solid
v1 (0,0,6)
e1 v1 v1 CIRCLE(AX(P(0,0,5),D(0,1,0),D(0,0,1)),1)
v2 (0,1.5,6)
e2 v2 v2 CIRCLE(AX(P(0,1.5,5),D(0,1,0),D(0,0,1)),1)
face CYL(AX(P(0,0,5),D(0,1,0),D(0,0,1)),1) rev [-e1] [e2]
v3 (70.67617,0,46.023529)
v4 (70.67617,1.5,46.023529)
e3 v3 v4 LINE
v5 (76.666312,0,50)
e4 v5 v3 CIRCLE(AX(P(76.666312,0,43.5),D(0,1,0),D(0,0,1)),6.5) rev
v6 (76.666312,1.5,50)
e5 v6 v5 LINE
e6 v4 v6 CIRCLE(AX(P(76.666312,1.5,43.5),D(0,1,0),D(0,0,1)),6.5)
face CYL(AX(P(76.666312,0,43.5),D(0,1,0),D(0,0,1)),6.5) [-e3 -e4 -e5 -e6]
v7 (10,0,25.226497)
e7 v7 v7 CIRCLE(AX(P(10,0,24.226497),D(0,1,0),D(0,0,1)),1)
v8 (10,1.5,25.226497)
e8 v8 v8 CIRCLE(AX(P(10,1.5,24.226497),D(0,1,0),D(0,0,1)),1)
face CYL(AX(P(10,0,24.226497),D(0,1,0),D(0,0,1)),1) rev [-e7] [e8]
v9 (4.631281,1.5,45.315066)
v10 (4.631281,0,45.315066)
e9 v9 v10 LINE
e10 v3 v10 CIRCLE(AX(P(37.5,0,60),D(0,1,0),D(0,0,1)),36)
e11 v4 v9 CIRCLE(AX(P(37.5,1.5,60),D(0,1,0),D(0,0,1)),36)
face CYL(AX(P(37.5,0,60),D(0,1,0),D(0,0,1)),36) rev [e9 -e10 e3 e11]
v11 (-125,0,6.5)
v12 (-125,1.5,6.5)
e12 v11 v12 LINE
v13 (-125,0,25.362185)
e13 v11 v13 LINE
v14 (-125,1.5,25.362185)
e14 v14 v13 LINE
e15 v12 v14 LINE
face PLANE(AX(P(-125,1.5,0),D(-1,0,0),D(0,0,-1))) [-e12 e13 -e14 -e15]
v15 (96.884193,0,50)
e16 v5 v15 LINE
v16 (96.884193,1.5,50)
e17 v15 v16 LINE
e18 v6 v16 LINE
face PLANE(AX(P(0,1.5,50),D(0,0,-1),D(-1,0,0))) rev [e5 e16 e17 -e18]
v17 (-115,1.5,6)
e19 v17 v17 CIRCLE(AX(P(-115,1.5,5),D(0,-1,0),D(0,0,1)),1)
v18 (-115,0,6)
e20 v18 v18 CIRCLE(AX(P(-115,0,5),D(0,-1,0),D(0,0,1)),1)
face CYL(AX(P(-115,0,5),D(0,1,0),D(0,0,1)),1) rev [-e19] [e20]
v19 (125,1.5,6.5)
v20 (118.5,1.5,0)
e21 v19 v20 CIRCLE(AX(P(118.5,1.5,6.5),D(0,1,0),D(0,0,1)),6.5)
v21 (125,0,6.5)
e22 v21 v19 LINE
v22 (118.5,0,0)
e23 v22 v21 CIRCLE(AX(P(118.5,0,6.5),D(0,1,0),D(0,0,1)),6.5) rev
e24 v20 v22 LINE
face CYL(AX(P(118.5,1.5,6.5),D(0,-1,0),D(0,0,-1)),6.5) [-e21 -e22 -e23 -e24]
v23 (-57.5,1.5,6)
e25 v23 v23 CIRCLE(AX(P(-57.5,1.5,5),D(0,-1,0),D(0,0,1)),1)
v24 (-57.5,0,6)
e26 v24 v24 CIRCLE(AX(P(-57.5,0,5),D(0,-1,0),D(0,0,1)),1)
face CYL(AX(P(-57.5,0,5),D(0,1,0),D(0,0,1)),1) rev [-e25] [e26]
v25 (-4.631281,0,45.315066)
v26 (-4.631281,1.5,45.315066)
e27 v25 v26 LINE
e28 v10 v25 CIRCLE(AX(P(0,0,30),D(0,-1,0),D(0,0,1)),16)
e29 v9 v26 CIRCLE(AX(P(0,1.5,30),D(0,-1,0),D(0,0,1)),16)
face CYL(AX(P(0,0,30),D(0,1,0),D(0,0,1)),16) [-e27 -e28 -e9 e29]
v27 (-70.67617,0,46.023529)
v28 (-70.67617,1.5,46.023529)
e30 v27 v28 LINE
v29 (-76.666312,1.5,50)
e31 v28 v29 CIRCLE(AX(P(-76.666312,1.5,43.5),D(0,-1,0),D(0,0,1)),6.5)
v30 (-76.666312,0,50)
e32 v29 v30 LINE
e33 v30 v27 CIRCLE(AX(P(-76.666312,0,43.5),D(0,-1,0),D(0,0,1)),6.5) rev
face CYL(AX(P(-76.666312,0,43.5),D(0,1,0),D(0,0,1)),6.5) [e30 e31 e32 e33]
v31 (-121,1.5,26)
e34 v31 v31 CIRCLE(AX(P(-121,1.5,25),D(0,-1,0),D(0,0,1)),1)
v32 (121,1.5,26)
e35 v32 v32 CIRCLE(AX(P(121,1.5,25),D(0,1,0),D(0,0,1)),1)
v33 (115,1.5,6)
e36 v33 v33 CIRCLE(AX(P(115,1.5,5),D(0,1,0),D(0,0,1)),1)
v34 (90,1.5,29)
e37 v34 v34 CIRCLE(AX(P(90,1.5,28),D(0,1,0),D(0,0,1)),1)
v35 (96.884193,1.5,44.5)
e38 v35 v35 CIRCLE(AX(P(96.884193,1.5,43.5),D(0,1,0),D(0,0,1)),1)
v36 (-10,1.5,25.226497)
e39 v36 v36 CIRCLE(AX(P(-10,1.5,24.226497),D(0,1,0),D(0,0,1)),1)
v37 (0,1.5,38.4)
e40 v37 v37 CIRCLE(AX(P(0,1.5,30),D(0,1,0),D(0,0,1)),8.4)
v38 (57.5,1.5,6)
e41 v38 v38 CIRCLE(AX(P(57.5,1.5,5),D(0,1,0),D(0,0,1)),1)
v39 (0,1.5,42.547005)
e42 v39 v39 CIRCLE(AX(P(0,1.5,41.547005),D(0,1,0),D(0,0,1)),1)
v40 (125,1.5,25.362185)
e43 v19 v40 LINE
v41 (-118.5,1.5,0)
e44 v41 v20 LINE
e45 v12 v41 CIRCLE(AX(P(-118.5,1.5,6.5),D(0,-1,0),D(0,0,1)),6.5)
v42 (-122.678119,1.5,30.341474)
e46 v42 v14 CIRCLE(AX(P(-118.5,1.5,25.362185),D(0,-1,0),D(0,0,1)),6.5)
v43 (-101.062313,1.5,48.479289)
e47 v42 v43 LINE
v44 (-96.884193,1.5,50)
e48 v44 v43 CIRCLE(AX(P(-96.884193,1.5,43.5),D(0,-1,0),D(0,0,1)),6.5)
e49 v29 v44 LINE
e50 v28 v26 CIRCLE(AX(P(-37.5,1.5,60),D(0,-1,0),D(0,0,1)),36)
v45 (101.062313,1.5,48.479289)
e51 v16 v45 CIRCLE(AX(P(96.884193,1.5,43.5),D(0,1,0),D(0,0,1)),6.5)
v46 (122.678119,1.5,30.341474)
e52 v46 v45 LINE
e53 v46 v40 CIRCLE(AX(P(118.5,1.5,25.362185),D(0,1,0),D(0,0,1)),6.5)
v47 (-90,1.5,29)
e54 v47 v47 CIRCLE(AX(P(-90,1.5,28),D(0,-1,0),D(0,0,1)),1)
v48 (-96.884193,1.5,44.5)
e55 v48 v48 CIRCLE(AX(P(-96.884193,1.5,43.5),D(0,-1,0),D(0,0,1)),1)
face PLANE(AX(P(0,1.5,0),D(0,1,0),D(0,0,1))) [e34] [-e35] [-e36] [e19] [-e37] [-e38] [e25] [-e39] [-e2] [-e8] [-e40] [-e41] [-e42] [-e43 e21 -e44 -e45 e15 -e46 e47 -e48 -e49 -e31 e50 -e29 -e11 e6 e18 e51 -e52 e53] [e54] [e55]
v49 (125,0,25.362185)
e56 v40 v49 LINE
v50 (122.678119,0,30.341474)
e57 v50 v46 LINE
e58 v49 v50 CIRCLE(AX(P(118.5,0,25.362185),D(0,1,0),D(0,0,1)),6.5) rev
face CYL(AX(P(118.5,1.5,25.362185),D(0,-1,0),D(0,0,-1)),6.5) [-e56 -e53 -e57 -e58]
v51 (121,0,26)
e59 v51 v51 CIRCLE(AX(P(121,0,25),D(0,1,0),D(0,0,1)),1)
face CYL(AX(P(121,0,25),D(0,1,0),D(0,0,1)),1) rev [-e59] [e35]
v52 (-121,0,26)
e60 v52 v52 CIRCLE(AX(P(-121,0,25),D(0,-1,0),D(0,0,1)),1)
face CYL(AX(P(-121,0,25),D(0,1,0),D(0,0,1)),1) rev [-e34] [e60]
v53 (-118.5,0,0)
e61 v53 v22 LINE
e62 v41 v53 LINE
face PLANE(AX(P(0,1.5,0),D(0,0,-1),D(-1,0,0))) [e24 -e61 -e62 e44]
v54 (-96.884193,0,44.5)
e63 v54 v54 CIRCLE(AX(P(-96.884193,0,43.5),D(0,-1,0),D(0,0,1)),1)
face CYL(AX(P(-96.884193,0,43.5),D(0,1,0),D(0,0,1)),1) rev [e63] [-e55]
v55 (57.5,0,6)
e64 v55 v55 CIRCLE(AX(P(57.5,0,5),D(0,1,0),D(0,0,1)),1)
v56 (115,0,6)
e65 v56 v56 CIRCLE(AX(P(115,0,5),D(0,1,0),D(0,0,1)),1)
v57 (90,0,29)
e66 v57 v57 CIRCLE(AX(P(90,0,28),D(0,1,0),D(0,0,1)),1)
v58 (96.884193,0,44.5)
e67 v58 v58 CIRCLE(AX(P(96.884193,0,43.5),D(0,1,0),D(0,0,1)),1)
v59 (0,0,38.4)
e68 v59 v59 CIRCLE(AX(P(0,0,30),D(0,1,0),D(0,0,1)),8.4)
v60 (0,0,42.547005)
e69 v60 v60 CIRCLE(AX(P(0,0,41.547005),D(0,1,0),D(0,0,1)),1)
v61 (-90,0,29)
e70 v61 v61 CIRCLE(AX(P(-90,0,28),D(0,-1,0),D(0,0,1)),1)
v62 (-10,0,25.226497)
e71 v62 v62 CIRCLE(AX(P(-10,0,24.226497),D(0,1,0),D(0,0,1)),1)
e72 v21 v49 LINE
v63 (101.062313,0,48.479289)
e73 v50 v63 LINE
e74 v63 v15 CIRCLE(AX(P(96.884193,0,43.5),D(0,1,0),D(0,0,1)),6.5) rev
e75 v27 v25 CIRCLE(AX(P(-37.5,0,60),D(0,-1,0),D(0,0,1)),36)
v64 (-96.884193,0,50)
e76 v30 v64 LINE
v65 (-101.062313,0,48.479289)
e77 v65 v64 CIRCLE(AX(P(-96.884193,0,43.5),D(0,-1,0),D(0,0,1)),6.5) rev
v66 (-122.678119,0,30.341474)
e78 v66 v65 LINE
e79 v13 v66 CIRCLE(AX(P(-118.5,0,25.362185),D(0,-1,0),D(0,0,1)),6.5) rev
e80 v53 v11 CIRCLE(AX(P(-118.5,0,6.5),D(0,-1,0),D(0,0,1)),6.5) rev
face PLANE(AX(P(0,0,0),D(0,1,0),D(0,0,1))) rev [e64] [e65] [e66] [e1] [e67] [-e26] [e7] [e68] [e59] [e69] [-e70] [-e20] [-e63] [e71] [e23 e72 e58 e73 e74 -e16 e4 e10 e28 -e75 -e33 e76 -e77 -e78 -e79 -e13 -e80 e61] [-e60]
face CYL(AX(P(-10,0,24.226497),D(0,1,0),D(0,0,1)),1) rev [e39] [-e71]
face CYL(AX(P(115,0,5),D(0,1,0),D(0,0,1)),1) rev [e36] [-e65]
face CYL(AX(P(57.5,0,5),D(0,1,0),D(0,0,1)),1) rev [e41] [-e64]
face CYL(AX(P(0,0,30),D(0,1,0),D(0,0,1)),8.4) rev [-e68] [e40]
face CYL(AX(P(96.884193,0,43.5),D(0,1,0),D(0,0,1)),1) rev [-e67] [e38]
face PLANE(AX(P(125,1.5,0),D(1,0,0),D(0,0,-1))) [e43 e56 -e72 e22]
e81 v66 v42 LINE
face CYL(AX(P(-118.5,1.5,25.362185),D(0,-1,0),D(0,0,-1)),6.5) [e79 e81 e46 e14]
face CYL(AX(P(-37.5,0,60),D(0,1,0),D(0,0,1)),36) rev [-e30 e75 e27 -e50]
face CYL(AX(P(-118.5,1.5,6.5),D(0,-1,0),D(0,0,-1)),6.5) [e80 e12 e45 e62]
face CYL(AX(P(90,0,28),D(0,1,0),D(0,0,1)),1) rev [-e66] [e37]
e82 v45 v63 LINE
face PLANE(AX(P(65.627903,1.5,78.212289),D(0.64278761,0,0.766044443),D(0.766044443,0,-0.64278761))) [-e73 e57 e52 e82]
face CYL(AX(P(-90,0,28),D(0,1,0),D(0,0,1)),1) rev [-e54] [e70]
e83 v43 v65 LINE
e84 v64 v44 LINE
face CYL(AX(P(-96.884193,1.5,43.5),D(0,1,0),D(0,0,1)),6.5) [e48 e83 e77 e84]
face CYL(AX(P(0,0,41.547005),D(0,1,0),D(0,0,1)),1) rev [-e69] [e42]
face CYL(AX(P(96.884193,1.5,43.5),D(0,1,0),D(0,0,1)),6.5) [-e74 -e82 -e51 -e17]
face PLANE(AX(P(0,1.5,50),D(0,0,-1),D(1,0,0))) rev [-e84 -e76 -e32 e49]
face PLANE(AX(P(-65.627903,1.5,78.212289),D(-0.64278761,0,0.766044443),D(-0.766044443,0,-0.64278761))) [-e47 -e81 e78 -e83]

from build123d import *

# Parameters (mm, degrees)
BOSS_EXTRU_1_DEPTH      = 1.5
ESQUISSE2_R             = 1
ENL_V_MAT_EXTRU_1_DEPTH = 135.637476209
ESQUISSE4_R             = 36
ENL_V_MAT_EXTRU_3_DEPTH = 135.637476209
CONG_1_R                = 6.5
ESQUISSE3_R             = 8.4
ESQUISSE3_R_2           = 1
ENL_V_MAT_EXTRU_2_DEPTH = 1.5
ENL_V_MAT_EXTRU_4_DEPTH = 135.637476209


with BuildPart() as part:
    # Esquisse1 → Boss.-Extru.1 (new body)
    with BuildSketch(Plane(origin=(0, 0, 0), x_dir=(1, 0, 0), z_dir=(0, 1, 0))):
        Polygon((99.25, -50), (125, -28.393184497), (125, 0), (0, 0), (0, -50), align=None)
    extrude(amount=BOSS_EXTRU_1_DEPTH)

    # Esquisse2 → Enlèv. mat.-Extru.1 (cut, through all)
    with BuildSketch(Plane(origin=(0, 1.5, 0), x_dir=(1, 0, 0), z_dir=(0, 1, 0))):
        with Locations((0, -5)):
            Circle(ESQUISSE2_R)
        with Locations(Location((57.5, -5, 0), (0, 0, 270))):
            Circle(ESQUISSE2_R)
        with Locations(Location((115, -5, 0), (0, 0, 270))):
            Circle(ESQUISSE2_R)
        with Locations(Location((96.884193477, -43.5, 0), (0, 0, 270))):
            Circle(ESQUISSE2_R)
        with Locations(Location((90, -28, 0), (0, 0, 270))):
            Circle(ESQUISSE2_R)
        with Locations(Location((121, -25, 0), (0, 0, 270))):
            Circle(ESQUISSE2_R)
    extrude(amount=-ENL_V_MAT_EXTRU_1_DEPTH, mode=Mode.SUBTRACT)

    # Esquisse4 → Enlèv. mat.-Extru.3 (cut, through all)
    with BuildSketch(Plane(origin=(0, 1.5, 0), x_dir=(1, 0, 0), z_dir=(0, 1, 0))):
        with Locations((37.5, -60)):
            Circle(ESQUISSE4_R)
    extrude(amount=-ENL_V_MAT_EXTRU_3_DEPTH, mode=Mode.SUBTRACT)

    # Congé1
    cong_1_edges = [part.edges().sort_by_distance(p)[0] for p in [
        (125, 0.75, 28.393184497),
        (99.25, 0.75, 50),
        (125, 0.75, 0),
        (72.083232932, 0.75, 50),
    ]]
    fillet(cong_1_edges, radius=CONG_1_R)

    # Symétrie1: part across plane


with BuildPart() as part_1:
    add(part.part)
    add(part.part.mirror(Plane(origin=(0, 0, 0), x_dir=(0, 0, 1), z_dir=(1, 0, 0))))

    # Esquisse3 → Enlèv. mat.-Extru.2 (cut)
    with BuildSketch(Plane(origin=(0, 1.5, 0), x_dir=(1, 0, 0), z_dir=(0, 1, 0))):
        with Locations(Location((0, -30, 0), (0, 0, 270))):
            Circle(ESQUISSE3_R)
        with Locations(Location((0, -41.547005384, 0), (0, 0, 270))):
            Circle(ESQUISSE3_R_2)
        with Locations(Location((-10, -24.226497308, 0), (0, 0, 270))):
            Circle(ESQUISSE3_R_2)
        with Locations(Location((10, -24.226497308, 0), (0, 0, 270))):
            Circle(ESQUISSE3_R_2)
    extrude(amount=-ENL_V_MAT_EXTRU_2_DEPTH, mode=Mode.SUBTRACT)

    # Esquisse5 → Enlèv. mat.-Extru.4 (cut, through all)
    with BuildSketch(Plane(origin=(0, 1.5, 0), x_dir=(1, 0, 0), z_dir=(0, 1, 0))):
        with BuildLine():
            Line((7.702133216, -44.02416286), (7.702133216, -51.975452854))
            Line((7.702133216, -51.975452854), (-8.276969641, -51.975452854))
            Line((-8.276969641, -51.975452854), (-6.500509259, -44.619965095))
            ThreePointArc((-6.500509259, -44.619965095), (0.670611742, -45.985940069), (7.702133216, -44.02416286))
        make_face()
    extrude(amount=-ENL_V_MAT_EXTRU_4_DEPTH, mode=Mode.SUBTRACT)


solid = part_1.part
